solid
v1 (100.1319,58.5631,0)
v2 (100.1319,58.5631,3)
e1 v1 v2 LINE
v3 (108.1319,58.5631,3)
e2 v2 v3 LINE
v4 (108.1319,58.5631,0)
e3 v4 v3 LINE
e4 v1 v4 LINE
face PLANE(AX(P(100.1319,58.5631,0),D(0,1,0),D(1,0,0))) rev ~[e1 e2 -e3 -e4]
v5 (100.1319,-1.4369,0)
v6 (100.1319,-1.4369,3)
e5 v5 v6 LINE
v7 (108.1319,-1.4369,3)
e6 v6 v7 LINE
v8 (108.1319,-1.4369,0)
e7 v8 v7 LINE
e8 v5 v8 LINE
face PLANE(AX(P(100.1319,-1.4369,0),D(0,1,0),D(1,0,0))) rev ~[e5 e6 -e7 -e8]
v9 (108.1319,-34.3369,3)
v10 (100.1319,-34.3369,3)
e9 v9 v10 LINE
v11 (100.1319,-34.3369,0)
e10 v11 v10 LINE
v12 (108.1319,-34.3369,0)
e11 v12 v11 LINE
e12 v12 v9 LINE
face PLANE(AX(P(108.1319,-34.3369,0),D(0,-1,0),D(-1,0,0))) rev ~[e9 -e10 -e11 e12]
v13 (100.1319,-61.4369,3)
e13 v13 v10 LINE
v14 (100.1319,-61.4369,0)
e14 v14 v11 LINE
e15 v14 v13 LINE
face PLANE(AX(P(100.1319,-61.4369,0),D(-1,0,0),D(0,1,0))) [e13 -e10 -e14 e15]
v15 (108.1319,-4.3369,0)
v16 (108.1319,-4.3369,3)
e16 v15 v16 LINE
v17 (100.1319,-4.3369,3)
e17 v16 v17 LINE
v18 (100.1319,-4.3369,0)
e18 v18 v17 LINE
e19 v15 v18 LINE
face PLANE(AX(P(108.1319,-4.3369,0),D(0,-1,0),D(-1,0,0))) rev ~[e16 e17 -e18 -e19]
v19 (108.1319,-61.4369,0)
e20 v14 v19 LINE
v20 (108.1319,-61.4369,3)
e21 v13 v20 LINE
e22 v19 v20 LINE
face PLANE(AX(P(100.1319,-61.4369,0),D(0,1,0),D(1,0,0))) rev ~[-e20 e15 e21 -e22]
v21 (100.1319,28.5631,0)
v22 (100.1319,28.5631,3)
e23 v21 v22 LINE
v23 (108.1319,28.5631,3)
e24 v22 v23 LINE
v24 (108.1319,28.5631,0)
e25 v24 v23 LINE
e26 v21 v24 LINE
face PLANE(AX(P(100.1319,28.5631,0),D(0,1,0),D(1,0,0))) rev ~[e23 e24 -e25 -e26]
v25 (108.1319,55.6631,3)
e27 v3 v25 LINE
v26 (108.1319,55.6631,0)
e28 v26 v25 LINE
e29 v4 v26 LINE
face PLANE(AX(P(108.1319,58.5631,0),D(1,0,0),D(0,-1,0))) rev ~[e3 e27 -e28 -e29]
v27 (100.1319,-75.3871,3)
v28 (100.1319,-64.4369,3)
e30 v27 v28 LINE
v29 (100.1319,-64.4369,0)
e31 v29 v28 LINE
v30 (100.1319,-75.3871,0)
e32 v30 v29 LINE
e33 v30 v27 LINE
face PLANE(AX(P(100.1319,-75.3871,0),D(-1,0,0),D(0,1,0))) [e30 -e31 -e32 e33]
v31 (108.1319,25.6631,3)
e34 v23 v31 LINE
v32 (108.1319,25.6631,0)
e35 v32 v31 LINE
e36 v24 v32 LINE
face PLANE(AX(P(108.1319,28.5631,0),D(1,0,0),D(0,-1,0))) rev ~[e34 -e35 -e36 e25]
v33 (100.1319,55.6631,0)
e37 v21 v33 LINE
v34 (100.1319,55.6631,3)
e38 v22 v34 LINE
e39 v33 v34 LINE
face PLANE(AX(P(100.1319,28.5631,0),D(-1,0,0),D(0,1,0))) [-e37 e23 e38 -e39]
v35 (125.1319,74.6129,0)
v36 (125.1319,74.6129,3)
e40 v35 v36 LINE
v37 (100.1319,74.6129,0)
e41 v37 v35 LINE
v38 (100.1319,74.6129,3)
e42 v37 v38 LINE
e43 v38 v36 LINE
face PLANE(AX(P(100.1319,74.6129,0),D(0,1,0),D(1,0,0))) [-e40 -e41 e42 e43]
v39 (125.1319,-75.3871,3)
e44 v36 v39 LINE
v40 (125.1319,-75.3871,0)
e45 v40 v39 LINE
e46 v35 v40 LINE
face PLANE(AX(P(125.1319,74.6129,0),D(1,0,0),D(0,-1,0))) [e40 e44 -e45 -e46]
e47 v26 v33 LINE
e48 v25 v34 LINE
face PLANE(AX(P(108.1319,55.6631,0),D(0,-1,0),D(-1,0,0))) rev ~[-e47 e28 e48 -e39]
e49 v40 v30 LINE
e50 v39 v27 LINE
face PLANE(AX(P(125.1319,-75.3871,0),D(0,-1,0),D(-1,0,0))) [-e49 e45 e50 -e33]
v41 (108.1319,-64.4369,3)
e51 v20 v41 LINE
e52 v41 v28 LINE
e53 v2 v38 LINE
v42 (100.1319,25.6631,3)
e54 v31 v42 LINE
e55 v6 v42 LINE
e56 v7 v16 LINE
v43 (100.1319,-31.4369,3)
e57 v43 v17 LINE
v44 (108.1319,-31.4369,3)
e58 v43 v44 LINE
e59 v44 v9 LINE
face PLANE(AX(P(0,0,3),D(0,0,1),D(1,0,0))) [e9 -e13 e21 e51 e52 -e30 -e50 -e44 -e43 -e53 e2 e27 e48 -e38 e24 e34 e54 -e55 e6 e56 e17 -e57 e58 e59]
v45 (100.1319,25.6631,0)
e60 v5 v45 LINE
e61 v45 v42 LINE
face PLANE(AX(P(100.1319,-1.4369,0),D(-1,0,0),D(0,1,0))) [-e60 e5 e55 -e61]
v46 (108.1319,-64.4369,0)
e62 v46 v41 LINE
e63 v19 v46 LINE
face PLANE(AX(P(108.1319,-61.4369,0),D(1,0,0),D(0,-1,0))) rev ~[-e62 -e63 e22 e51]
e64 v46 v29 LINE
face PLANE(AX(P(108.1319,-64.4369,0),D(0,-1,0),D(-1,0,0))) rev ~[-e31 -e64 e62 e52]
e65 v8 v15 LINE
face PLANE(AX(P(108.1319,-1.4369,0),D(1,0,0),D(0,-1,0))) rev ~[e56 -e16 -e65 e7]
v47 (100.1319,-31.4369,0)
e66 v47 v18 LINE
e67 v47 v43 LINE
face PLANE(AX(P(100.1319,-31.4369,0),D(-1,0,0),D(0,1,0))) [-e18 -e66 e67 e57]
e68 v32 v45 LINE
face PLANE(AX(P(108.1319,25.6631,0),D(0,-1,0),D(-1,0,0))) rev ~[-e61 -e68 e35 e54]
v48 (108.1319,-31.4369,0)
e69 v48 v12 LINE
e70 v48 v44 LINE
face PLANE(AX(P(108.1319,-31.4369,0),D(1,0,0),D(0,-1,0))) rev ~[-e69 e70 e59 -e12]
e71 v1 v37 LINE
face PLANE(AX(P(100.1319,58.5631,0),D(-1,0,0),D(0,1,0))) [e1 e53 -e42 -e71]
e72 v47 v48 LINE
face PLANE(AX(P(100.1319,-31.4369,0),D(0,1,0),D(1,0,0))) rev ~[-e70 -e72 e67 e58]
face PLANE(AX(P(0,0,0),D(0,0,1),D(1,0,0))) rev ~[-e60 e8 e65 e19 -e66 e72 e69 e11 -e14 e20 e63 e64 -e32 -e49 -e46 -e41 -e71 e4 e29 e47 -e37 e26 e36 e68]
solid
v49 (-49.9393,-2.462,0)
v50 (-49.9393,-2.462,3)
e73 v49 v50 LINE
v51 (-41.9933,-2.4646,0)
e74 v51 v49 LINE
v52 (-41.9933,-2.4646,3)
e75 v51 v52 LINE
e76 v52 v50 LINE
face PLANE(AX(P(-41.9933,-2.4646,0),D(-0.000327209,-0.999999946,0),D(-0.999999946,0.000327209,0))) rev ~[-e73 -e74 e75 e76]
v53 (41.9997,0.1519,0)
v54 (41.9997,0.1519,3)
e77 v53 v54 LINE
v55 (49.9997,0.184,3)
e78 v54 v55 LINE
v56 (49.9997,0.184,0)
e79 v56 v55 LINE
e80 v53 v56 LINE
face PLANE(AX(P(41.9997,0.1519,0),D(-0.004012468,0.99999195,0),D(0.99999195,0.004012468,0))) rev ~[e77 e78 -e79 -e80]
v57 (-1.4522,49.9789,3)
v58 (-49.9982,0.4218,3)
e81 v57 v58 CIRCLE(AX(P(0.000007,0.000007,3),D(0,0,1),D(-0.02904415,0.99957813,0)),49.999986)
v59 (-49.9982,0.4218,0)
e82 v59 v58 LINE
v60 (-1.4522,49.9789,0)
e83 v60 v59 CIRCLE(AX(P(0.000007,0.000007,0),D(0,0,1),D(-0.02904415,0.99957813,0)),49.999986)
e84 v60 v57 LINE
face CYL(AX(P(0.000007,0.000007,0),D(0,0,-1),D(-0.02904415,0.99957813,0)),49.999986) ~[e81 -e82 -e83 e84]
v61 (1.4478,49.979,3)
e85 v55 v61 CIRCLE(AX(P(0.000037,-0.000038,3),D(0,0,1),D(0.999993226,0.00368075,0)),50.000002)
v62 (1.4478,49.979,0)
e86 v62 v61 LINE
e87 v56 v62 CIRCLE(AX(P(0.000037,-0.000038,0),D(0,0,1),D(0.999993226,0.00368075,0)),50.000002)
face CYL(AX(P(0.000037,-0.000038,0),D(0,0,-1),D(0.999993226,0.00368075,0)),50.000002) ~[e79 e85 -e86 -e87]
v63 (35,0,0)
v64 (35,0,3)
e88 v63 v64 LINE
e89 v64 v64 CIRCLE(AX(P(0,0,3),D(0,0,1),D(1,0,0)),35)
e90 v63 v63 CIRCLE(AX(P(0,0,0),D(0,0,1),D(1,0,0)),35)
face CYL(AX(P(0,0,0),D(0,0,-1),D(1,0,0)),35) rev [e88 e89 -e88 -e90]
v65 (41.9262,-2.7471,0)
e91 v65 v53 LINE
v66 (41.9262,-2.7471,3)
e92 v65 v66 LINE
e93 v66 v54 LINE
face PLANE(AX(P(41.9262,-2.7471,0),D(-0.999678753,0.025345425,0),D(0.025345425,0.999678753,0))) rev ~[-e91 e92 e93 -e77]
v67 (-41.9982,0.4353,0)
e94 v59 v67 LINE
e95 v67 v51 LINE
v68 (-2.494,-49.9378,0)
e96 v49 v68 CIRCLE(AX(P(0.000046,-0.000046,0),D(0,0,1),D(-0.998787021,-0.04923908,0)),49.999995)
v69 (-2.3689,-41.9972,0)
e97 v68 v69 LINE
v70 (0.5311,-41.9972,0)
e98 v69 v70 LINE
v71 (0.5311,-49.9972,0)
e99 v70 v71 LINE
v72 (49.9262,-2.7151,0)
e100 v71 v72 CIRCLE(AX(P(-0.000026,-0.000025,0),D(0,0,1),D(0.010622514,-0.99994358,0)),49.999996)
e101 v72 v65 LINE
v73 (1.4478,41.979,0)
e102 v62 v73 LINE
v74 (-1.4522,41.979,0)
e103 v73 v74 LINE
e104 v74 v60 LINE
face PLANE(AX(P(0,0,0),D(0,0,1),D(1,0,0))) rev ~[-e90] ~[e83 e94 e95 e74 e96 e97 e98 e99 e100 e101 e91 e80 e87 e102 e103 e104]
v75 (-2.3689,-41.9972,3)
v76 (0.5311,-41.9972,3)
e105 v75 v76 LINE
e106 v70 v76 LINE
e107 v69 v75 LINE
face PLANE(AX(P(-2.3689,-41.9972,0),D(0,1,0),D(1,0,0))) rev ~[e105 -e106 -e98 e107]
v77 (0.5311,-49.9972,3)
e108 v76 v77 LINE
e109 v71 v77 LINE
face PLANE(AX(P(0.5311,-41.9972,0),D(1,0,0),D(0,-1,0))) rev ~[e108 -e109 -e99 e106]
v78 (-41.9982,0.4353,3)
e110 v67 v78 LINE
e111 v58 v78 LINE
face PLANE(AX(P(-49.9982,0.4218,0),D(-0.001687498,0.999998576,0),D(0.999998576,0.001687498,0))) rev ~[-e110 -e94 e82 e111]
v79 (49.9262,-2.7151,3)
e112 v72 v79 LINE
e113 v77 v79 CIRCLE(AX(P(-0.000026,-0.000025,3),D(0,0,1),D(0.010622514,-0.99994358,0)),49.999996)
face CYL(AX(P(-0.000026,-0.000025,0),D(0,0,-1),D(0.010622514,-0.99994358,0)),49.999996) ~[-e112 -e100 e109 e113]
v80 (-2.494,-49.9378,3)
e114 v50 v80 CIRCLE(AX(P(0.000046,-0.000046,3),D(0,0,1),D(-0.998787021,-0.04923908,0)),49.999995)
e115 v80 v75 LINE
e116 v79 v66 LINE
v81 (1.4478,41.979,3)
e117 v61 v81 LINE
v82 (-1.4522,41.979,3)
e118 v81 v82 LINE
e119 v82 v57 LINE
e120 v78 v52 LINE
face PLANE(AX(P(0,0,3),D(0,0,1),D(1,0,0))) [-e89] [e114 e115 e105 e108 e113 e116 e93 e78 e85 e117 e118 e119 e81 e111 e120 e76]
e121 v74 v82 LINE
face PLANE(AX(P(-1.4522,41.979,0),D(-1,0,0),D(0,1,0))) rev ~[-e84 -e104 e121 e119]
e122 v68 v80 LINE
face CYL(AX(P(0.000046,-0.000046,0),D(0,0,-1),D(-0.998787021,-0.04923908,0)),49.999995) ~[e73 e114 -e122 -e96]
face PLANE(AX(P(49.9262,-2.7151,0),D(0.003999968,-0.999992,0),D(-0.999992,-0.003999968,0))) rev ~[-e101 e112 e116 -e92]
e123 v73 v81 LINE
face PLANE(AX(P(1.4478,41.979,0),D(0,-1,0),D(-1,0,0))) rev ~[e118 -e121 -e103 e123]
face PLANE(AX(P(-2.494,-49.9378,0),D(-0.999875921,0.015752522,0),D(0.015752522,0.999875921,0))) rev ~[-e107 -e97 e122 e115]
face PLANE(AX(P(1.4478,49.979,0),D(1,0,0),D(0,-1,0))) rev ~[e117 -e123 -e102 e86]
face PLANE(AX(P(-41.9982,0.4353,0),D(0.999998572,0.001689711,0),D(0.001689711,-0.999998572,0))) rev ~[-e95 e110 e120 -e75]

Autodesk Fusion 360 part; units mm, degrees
sketch "Sketch1" plane through (0, 0, 0) normal (0, 0, 1) x (1, 0, 0)
  line L0 (1.4478, 49.979) -> (1.4478, 41.979)
  line L1 (1.4478, 41.979) -> (-1.4522, 41.979)
  line L2 (-1.4522, 41.979) -> (-1.4522, 49.9789)
  line L3 (-49.9982, 0.4218) -> (-41.9982, 0.4353)
  line L4 (-41.9933, -2.4646) -> (-49.9393, -2.462)
  line L5 (-41.9982, 0.4353) -> (-41.9933, -2.4646)
  line L6 (-2.494, -49.9378) -> (-2.3689, -41.9972)
  line L7 (0.5311, -41.9972) -> (0.5311, -49.9972)
  line L8 (-2.3689, -41.9972) -> (0.5311, -41.9972)
  line L9 (49.9262, -2.7151) -> (41.9262, -2.7471)
  line L10 (41.9997, 0.1519) -> (49.9997, 0.184)
  line L11 (41.9262, -2.7471) -> (41.9997, 0.1519)
  circle A0 centre (0, 0) radius 35
  line L12 (100.1319, 74.6129) -> (125.1319, 74.6129)
  line L13 (125.1319, 74.6129) -> (125.1319, -75.3871)
  line L14 (125.1319, -75.3871) -> (100.1319, -75.3871)
  line L15 (100.1319, -61.4369) -> (108.1319, -61.4369)
  line L16 (108.1319, -61.4369) -> (108.1319, -64.4369)
  line L17 (108.1319, -64.4369) -> (100.1319, -64.4369)
  line L18 (100.1319, -31.4369) -> (108.1319, -31.4369)
  line L19 (108.1319, -34.3369) -> (100.1319, -34.3369)
  line L20 (108.1319, -31.4369) -> (108.1319, -34.3369)
  line L21 (100.1319, -1.4369) -> (108.1319, -1.4369)
  line L22 (108.1319, -4.3369) -> (100.1319, -4.3369)
  line L23 (108.1319, -1.4369) -> (108.1319, -4.3369)
  line L24 (100.1319, 28.5631) -> (108.1319, 28.5631)
  line L25 (108.1319, 25.6631) -> (100.1319, 25.6631)
  line L26 (108.1319, 28.5631) -> (108.1319, 25.6631)
  line L27 (100.1319, 58.5631) -> (108.1319, 58.5631)
  line L28 (108.1319, 55.6631) -> (100.1319, 55.6631)
  line L29 (108.1319, 58.5631) -> (108.1319, 55.6631)
  arc A1 (49.9997, 0.184) -> (1.4478, 49.979) centre (0, 0) ccw
  arc A2 (-1.4522, 49.9789) -> (-49.9982, 0.4218) centre (0, 0) ccw
  arc A3 (-49.9393, -2.462) -> (-2.494, -49.9378) centre (0, 0) ccw
  arc A4 (0.5311, -49.9972) -> (49.9262, -2.7151) centre (0, 0) ccw
  line L30 (100.1319, 58.5631) -> (100.1319, 74.6129)
  line L31 (100.1319, 28.5631) -> (100.1319, 55.6631)
  line L32 (100.1319, -1.4369) -> (100.1319, 25.6631)
  line L33 (100.1319, -31.4369) -> (100.1319, -4.3369)
  line L34 (100.1319, -75.3871) -> (100.1319, -64.4369)
  line L35 (100.1319, -61.4369) -> (100.1319, -34.3369)
  dimension "d6" = 70
  dimension "d7" = 25
  dimension "d8" = 150
  dimension "d9" = 8
  dimension "d10" = 3
  dimension "d15" = 100
  dimension "d23" = 2.9
  dimension "d24" = 8
  dimension "d25" = 2.9
  dimension "d26" = 8
  dimension "d27" = 8
  dimension "d28" = 2.9
  dimension "d29" = 8
  dimension "d30" = 2.9
  dimension "d31" = 8
  dimension "d32" = 2.9
  dimension "d33" = 8
  dimension "d34" = 2.9
  dimension "d35" = 8
  dimension "d36" = 2.9
  dimension "d37" = 8
  dimension "d38" = 2.9
  dimension "d39" = 8
  dimension "d42" = 15
extrude "Extrude1" add sketch "Sketch1" along normal blind 3 makes body 1 at (-41.4923, -7.5131, 0) makes body 2 at (119.4652, -0.7371, 0)
equation "d6 = small_circle"
equation "d7 = rec_width"
equation "d8 = rec_height"
equation "d15 = big_circle"
equation "kerf = 0.1 mm"
equation "big_circle = 100 mm"
equation "small_circle = 70 mm"
equation "slot_height = 8 mm"
equation "material_thickness = 3 mm"
equation "slot_width = material_thickness - kerf"
equation "d23 = slot_width"
equation "d24 = slot_height"
equation "d25 = slot_width"
equation "d26 = slot_height"
equation "d27 = slot_height"
equation "d28 = slot_width"
equation "d29 = slot_height"
equation "d30 = slot_width"
equation "d31 = slot_height"
equation "d32 = slot_width"
equation "d33 = slot_height"
equation "d34 = slot_width"
equation "d35 = slot_height"
equation "d36 = slot_width"
equation "d37 = slot_height"
equation "d38 = slot_width"
equation "rec_height = 150 mm"
equation "rec_width = 25 mm"
